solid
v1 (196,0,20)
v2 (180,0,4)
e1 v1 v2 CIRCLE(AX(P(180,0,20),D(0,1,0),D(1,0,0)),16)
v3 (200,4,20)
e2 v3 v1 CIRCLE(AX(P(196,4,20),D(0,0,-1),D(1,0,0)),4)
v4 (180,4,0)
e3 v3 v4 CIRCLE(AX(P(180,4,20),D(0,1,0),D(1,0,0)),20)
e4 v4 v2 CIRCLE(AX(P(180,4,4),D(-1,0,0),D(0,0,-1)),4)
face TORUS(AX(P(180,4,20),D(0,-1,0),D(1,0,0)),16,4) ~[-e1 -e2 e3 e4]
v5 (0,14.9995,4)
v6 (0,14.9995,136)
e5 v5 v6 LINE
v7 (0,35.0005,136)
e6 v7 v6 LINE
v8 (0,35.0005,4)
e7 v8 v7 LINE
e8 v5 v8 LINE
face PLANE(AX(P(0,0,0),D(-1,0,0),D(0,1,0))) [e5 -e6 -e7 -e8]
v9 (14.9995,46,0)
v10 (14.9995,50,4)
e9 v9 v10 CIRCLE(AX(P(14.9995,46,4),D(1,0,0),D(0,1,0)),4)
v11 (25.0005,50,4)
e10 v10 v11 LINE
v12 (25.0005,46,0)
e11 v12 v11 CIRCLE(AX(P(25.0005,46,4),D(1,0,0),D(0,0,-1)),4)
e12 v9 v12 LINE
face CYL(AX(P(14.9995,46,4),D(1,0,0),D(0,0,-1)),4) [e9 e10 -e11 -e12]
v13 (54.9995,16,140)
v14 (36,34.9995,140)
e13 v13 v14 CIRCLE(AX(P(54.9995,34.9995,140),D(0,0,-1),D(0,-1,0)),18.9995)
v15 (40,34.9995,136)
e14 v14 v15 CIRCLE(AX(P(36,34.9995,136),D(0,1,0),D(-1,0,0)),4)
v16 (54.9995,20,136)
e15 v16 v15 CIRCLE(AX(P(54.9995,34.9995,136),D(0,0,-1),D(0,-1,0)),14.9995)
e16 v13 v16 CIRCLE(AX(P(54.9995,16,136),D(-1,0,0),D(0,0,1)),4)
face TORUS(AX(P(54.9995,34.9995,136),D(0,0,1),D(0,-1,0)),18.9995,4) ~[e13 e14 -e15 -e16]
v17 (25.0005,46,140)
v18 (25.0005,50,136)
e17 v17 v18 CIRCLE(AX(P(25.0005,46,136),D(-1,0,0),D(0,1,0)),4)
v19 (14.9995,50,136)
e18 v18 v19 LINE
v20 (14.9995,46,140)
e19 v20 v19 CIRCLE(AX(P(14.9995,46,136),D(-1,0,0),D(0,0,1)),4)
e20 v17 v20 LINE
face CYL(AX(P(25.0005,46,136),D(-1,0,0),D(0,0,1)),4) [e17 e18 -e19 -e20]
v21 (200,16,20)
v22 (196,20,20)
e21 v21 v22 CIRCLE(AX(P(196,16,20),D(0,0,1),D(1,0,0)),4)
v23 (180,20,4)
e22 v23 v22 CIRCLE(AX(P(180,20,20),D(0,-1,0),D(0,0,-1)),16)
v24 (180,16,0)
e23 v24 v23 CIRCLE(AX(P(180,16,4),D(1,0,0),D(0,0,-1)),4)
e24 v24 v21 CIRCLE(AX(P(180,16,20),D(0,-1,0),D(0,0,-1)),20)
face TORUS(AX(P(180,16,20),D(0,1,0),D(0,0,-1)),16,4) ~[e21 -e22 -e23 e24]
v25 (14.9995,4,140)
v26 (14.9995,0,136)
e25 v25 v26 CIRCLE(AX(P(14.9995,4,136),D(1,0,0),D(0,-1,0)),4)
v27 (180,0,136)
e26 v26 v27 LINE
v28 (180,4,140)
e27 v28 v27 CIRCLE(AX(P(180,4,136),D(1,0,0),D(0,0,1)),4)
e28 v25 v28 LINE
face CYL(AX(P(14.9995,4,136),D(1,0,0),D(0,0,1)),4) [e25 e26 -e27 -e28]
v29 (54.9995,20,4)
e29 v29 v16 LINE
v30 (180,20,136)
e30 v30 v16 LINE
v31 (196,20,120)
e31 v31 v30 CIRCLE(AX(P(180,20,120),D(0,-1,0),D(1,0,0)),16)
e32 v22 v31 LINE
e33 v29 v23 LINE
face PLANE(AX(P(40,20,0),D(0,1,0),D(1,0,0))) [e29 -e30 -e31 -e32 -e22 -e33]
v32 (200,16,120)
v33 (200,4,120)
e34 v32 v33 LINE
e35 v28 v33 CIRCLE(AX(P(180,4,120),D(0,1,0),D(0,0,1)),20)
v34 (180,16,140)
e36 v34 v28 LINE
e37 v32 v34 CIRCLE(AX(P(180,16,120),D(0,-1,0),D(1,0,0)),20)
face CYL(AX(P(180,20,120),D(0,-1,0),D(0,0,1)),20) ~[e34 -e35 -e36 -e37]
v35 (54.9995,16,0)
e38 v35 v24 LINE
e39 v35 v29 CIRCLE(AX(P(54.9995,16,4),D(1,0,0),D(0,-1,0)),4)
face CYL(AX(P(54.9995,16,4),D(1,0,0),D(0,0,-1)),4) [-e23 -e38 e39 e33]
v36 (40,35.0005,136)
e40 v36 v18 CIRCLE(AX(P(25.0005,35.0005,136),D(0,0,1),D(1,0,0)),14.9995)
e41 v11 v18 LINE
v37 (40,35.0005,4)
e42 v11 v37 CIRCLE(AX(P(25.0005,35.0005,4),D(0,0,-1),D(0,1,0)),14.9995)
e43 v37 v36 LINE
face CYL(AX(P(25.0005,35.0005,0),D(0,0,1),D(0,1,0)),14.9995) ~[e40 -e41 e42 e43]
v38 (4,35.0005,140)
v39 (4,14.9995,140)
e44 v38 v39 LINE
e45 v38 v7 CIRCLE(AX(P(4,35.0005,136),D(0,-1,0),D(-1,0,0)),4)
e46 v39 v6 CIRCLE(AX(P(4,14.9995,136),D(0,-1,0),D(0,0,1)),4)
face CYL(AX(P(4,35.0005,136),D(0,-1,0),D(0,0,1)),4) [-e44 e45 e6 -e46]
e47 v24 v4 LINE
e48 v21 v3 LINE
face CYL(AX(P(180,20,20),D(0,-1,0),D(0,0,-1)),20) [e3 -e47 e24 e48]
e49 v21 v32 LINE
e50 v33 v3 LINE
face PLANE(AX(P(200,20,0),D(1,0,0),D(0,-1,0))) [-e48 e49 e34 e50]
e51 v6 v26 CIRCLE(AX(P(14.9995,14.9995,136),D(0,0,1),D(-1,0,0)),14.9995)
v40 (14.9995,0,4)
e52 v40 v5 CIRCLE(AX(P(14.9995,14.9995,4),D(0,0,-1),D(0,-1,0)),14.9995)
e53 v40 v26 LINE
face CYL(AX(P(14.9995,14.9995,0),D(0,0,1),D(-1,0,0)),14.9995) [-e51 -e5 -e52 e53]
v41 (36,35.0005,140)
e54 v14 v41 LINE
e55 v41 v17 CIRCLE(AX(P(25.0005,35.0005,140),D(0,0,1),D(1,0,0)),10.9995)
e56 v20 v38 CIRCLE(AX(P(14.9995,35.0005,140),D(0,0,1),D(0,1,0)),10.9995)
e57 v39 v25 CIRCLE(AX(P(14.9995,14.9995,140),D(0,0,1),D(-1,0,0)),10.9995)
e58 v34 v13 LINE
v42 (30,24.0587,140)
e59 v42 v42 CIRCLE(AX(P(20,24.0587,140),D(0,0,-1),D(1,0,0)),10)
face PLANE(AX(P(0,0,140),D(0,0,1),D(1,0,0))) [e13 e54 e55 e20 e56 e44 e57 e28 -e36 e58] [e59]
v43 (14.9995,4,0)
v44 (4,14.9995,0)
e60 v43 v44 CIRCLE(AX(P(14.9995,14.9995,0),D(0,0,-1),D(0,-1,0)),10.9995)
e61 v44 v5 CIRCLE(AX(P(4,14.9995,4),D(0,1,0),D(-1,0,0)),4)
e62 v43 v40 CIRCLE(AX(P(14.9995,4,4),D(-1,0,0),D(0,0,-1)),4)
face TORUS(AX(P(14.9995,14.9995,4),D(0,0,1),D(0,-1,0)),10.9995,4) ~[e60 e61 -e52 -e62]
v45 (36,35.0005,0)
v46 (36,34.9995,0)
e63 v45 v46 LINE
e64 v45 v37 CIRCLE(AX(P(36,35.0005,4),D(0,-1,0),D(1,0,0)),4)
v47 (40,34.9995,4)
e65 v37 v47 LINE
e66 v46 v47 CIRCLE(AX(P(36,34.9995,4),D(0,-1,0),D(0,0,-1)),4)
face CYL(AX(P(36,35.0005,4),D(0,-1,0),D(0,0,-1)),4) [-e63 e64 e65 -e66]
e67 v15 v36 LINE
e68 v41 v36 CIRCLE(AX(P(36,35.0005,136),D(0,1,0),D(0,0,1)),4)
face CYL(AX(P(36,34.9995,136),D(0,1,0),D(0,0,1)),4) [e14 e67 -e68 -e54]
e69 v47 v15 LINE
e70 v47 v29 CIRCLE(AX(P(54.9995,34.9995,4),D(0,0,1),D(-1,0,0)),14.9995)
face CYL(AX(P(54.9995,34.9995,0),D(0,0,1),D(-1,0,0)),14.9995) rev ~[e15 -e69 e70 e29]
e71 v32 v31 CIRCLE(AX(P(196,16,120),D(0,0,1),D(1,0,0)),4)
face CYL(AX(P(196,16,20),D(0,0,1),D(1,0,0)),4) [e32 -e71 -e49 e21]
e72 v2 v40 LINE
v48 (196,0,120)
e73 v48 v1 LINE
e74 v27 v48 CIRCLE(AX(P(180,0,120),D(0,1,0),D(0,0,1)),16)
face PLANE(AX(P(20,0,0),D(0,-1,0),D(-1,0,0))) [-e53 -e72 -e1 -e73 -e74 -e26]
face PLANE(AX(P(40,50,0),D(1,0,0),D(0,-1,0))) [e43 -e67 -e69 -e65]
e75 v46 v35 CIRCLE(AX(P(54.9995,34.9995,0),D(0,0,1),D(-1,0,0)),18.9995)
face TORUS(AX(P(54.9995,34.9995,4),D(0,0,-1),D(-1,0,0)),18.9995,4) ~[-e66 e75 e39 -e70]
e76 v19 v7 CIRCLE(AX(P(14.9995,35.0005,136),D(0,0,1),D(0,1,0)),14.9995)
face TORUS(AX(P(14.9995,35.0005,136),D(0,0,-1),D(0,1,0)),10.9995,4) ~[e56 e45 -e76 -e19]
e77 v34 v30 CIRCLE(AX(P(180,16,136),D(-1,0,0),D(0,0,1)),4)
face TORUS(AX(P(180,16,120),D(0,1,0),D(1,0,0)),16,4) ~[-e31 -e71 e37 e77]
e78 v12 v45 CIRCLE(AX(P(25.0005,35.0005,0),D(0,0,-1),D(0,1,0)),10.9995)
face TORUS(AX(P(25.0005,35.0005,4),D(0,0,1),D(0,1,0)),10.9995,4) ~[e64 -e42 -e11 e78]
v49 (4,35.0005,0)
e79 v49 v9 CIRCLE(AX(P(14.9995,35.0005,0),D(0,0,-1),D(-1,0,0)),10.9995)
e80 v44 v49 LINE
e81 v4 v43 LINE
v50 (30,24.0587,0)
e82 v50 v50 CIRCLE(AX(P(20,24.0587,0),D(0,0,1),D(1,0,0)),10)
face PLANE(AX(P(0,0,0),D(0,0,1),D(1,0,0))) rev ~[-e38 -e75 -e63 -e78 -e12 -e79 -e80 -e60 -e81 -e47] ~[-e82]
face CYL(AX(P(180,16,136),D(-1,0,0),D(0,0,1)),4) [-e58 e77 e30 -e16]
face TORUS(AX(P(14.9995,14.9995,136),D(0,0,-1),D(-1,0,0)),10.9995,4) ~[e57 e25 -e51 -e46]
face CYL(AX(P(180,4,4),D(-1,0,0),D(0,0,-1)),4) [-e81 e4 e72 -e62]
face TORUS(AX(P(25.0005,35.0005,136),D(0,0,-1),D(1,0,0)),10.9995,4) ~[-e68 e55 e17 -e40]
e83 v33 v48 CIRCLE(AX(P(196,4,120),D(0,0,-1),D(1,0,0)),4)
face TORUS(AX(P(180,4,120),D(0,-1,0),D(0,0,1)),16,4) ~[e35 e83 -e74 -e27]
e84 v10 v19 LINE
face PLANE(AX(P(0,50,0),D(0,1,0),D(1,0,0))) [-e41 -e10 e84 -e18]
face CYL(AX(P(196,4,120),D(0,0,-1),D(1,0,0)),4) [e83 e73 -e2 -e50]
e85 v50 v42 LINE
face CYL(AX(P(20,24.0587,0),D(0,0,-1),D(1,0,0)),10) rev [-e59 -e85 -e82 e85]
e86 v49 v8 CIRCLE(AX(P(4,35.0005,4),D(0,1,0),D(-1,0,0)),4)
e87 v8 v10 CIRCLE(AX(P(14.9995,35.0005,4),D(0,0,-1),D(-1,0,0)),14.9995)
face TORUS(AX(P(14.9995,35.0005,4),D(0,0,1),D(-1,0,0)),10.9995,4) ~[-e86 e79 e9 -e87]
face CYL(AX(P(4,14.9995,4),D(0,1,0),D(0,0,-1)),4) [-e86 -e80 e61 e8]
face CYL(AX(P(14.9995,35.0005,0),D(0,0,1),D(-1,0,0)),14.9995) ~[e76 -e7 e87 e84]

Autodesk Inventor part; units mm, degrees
ref_plane "YZ Plane" through (0, 0, 0) normal (1, 0, 0) x (0, 1, 0)
ref_plane "XZ Plane" through (0, 0, 0) normal (0, 1, 0) x (-1, 0, 0)
ref_plane "XY Plane" through (0, 0, 0) normal (0, 0, 1) x (1, 0, 0)
sketch "Sketch1" plane through (0, 0, 0) normal (0, 0, 1) x (1, 0, 0)
  line L0 (0, 0) -> (0, 50)
  line L1 (0, 50) -> (40, 50)
  line L2 (40, 50) -> (40, 20)
  line L3 (40, 20) -> (200, 20)
  line L4 (200, 20) -> (200, 0)
  line L5 (200, 0) -> (0, 0)
  line L6 (20, 50) -> (20, -1.8826)
  line L7 (20, -1.8826) -> (20, 0)
  circle A0 centre (20, 24.0587) radius 10
  dimension "d0" = 200
  dimension "d1" = 50
  dimension "d2" = 40
  dimension "d3" = 20
  dimension "d4" = 20
extrude "Extrusion1" add sketch "Sketch1" along normal blind 140 contours L0 L1 L6 A0 L5 | L6 A0 L1 L2 L3 L4 L5
fillet "Fillet1" radius 15 4 edges at (0, 50, 70) (40, 50, 70) (40, 20, 70) (0, 0, 70)
fillet "Fillet2" radius 20 2 edges at (200, 10, 140) (200, 10, 0)
fillet "Fillet3" radius 4 22 edges at (4.3933, 45.6067, 0) (0, 25, 0) (4.3933, 4.3933, 0) (97.4998, 0, 0) (194.1421, 0, 5.8579) (200, 0, 70) (194.1421, 0, 134.1421) (97.4998, 0, 140) (4.3933, 4.3933, 140) (0, 25, 140) (4.3933, 45.6067, 140) (20, 50, 140) (35.6067, 45.6067, 140) (40, 35, 140) (117.4998, 20, 140) (194.1421, 20, 134.1421) (200, 20, 70) (194.1421, 20, 5.8579) (117.4998, 20, 0) (40, 35, 0) (35.6067, 45.6067, 0) (20, 50, 0)
properties part number "foot rest EG26"
